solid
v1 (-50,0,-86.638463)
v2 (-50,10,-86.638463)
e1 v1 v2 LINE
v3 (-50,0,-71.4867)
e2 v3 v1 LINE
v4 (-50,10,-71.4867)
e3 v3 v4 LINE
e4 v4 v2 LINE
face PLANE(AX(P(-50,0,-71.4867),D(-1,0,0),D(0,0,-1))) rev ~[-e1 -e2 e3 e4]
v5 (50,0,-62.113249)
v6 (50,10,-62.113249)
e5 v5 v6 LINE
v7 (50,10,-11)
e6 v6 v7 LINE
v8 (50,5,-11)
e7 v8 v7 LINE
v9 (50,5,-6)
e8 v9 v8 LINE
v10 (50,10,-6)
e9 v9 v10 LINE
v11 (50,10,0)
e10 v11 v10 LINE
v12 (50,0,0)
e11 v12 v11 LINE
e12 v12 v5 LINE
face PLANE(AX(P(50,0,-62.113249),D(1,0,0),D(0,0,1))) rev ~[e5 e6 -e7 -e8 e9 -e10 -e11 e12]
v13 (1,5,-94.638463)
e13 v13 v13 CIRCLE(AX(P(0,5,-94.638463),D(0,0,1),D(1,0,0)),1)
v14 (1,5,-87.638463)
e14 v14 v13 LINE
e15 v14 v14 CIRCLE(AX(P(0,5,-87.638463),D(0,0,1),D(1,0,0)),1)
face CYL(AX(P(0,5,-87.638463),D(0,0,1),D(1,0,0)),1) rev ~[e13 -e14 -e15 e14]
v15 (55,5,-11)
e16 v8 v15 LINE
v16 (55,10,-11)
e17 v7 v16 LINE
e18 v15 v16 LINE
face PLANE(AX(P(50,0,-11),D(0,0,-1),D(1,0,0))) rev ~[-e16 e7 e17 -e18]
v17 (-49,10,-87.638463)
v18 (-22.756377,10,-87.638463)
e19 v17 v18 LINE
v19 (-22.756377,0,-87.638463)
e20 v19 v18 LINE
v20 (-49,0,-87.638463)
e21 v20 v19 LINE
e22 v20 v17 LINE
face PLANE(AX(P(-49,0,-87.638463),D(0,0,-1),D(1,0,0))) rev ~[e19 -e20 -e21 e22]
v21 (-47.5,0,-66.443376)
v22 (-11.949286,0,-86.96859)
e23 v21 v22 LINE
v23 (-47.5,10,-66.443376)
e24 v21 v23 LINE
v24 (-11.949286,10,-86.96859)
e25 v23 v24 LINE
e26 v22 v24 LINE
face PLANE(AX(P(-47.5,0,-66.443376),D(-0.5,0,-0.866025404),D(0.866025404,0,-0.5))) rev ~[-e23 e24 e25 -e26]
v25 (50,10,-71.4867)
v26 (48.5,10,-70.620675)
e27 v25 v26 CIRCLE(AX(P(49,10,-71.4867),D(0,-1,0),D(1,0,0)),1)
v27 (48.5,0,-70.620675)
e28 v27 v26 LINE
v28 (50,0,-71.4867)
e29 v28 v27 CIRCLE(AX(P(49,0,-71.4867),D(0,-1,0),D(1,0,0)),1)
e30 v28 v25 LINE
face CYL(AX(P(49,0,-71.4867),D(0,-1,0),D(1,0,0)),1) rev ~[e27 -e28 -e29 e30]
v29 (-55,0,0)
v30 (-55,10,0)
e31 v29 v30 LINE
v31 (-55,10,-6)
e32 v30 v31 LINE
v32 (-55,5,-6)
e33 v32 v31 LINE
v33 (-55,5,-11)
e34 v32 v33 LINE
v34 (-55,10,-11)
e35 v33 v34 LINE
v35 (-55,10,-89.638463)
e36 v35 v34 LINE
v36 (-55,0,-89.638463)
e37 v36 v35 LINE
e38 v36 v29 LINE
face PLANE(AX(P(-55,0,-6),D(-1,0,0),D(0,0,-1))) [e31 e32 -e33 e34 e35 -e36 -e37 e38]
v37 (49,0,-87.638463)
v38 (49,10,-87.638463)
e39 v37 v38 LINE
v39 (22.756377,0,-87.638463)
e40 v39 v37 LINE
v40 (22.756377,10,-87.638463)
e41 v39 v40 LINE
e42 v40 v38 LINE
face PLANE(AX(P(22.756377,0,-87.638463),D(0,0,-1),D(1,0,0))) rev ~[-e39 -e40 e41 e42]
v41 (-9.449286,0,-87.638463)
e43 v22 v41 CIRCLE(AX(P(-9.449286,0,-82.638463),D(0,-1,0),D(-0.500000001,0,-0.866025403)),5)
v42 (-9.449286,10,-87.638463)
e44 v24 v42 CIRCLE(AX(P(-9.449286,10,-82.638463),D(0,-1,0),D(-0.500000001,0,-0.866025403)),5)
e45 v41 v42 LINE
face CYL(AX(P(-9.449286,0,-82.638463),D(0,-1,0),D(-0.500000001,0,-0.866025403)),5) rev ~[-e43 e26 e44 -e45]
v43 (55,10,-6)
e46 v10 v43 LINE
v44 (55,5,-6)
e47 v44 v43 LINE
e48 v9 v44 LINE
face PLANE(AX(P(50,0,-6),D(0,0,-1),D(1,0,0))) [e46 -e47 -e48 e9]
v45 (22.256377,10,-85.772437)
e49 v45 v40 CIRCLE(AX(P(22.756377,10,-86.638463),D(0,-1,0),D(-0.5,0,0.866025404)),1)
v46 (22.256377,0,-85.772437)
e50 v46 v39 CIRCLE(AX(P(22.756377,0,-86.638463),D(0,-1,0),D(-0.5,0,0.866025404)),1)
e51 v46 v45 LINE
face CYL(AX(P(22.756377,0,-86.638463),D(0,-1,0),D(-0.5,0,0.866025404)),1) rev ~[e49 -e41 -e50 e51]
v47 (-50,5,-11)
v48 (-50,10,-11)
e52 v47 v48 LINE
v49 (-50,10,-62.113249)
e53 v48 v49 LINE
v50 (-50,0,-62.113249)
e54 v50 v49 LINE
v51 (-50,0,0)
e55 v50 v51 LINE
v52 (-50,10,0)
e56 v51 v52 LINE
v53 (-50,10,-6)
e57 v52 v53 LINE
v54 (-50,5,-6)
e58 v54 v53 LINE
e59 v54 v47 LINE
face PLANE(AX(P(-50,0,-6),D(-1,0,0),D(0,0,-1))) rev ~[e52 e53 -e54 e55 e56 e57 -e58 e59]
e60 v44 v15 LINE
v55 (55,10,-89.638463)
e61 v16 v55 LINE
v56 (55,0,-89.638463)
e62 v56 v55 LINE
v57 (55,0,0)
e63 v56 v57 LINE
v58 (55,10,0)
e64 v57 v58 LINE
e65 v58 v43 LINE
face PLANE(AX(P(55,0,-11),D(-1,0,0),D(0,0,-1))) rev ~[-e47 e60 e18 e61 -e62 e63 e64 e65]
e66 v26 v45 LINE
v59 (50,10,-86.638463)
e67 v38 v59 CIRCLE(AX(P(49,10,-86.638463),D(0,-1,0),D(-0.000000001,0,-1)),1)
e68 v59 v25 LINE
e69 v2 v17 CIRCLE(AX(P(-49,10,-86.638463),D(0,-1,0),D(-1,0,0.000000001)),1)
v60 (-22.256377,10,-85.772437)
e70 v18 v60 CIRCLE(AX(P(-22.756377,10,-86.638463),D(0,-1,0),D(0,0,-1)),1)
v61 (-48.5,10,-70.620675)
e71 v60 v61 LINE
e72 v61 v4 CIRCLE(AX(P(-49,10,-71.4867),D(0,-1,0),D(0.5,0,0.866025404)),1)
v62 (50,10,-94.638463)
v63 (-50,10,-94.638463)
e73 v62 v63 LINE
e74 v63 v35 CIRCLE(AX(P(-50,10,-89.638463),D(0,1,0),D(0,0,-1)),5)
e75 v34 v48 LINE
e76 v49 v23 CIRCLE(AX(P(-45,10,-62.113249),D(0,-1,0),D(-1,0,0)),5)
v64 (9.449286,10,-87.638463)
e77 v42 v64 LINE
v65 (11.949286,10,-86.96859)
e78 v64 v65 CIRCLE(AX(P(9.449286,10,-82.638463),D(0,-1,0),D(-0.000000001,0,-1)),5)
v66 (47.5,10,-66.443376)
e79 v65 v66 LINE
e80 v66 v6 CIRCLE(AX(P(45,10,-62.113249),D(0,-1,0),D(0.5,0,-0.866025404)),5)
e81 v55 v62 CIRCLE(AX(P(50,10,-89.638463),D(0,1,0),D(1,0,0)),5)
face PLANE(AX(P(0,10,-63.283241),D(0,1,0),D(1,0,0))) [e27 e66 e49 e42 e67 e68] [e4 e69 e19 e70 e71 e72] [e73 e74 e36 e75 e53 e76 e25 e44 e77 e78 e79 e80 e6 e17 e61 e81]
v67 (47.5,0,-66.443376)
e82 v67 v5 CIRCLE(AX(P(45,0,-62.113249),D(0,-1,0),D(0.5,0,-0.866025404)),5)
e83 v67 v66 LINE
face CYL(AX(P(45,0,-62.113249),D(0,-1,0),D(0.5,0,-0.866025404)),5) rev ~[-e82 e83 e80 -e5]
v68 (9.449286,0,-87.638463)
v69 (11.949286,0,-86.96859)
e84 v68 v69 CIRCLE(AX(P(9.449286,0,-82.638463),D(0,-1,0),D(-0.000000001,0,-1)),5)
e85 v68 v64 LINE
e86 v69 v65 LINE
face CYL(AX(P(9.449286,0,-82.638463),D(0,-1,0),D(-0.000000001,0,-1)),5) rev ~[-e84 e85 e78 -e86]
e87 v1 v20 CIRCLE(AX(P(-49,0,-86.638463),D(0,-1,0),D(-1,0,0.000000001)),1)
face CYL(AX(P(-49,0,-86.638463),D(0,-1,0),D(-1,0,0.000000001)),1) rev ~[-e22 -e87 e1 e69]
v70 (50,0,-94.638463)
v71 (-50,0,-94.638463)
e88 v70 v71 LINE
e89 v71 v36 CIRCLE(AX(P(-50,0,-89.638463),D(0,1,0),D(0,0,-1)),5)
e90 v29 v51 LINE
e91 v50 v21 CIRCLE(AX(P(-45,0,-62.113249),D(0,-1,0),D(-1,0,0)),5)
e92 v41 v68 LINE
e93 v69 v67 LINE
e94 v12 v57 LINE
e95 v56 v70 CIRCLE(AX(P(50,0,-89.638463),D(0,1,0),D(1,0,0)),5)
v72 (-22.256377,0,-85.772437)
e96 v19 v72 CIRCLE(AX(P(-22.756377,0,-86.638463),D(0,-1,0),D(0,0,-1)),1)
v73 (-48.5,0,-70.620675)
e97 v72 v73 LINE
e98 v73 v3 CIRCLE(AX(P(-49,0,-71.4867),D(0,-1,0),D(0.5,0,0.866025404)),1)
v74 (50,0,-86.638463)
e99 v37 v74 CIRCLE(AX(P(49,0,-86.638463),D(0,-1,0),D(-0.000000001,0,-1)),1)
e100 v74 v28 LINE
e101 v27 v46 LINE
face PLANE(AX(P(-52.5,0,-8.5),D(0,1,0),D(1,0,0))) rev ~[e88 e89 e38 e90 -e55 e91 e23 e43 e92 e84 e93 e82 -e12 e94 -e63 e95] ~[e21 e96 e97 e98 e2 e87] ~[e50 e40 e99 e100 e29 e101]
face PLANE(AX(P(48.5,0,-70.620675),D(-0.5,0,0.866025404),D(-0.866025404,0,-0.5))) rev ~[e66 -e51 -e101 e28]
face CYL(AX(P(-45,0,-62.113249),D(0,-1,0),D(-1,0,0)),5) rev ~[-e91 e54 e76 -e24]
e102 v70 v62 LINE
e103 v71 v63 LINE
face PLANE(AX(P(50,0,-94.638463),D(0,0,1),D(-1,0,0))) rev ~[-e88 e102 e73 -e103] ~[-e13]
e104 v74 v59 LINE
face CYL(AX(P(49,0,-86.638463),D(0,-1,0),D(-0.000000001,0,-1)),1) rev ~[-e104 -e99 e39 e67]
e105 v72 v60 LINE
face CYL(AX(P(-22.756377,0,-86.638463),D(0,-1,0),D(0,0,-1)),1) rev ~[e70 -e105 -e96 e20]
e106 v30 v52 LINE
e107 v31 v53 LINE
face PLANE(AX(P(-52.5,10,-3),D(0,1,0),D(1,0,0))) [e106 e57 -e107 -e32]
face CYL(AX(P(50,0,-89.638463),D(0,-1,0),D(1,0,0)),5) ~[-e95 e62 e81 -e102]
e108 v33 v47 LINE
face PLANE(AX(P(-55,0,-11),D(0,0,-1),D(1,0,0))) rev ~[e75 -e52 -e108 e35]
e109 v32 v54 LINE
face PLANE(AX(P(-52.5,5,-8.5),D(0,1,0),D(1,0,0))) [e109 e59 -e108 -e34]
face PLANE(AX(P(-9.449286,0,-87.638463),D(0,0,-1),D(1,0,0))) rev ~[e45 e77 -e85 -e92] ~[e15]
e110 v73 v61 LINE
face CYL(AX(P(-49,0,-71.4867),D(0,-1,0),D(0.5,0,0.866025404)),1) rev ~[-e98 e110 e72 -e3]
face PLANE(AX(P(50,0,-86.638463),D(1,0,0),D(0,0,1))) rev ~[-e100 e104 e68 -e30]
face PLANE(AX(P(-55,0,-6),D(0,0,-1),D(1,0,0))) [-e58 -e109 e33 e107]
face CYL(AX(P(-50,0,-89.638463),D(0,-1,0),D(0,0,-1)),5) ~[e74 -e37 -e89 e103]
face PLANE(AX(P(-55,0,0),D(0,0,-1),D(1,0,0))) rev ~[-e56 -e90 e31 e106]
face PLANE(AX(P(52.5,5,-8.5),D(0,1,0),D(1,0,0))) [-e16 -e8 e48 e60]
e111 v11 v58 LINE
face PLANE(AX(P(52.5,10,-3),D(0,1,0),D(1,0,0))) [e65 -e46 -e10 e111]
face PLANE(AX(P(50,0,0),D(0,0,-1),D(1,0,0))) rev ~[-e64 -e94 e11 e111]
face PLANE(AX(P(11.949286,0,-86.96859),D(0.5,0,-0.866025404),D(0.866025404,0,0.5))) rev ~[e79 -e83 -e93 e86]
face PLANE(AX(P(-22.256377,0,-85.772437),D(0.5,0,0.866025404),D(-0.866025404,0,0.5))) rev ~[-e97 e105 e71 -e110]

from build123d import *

# Parameters (mm, degrees)
DODANIE_WYCI_GNI_CIE1_DEPTH   = 10
SZKIC1_W                      = 5
SZKIC1_H                      = 6
DODANIE_WYCI_GNI_CIE1_2_DEPTH = 10
DODANIE_WYCI_GNI_CIE1_3_DEPTH = 10
SZKIC1_3_W                    = 5
SZKIC1_3_H                    = 5
DODANIE_WYCI_GNI_CIE2_DEPTH   = 5
SZKIC2_R                      = 1
WYTNIJ_WYCI_GNI_CIE1_DEPTH    = 104.949507791


with BuildPart() as part:
    # Szkic1 → Dodanie-wyci_gni_cie1 (new body)
    with BuildSketch(Plane(origin=(0, 0, 0), x_dir=(1, 0, 0), z_dir=(0, 1, 0))):
        with BuildLine():
            Line((-9.449286184, 87.638462845), (9.449286184, 87.638462845))
            ThreePointArc((9.449286184, 87.638462845), (10.74338141, 87.468091977), (11.949286184, 86.968589864))
            Line((11.949286184, 86.968589864), (47.5, 66.443375673))
            ThreePointArc((47.5, 66.443375673), (49.330127019, 64.613248654), (50, 62.113248654))
            Line((50, 62.113248654), (50, 11))
            Line((50, 11), (55, 11))
            Line((55, 11), (55, 89.638462845))
            ThreePointArc((55, 89.638462845), (53.535533906, 93.173996751), (50, 94.638462845))
            Line((50, 94.638462845), (-50, 94.638462845))
            ThreePointArc((-50, 94.638462845), (-53.535533906, 93.173996751), (-55, 89.638462845))
            Line((-55, 89.638462845), (-55, 11))
            Line((-55, 11), (-50, 11))
            Line((-50, 11), (-50, 62.113248654))
            ThreePointArc((-50, 62.113248654), (-49.330127019, 64.613248654), (-47.5, 66.443375673))
            Line((-47.5, 66.443375673), (-11.949286184, 86.968589864))
            ThreePointArc((-11.949286184, 86.968589864), (-10.74338141, 87.468091977), (-9.449286184, 87.638462845))
        make_face()
        with BuildLine():
            ThreePointArc((-48.5, 70.620674679), (-49.5, 70.620674679), (-50, 71.486700083))
            Line((-50, 71.486700083), (-50, 86.638462845))
            ThreePointArc((-50, 86.638462845), (-49.707106781, 87.345569627), (-49, 87.638462845))
            Line((-49, 87.638462845), (-22.756377072, 87.638462845))
            ThreePointArc((-22.756377072, 87.638462845), (-21.790451246, 86.89728189), (-22.256377072, 85.772437442))
            Line((-22.256377072, 85.772437442), (-48.5, 70.620674679))
        make_face(mode=Mode.SUBTRACT)
        with BuildLine():
            Line((48.5, 70.620674679), (22.256377072, 85.772437442))
            ThreePointArc((22.256377072, 85.772437442), (21.790451246, 86.89728189), (22.756377072, 87.638462845))
            Line((22.756377072, 87.638462845), (49, 87.638462845))
            ThreePointArc((49, 87.638462845), (49.707106781, 87.345569627), (50, 86.638462845))
            Line((50, 86.638462845), (50, 71.486700083))
            ThreePointArc((50, 71.486700083), (49.5, 70.620674679), (48.5, 70.620674679))
        make_face(mode=Mode.SUBTRACT)
    extrude(amount=DODANIE_WYCI_GNI_CIE1_DEPTH)



with BuildPart() as body_2:
    # Szkic1 → Dodanie-wyci_gni_cie1 2 (new body)
    with BuildSketch(Plane(origin=(0, 0, 0), x_dir=(1, 0, 0), z_dir=(0, 1, 0))):
        with Locations((52.5, 3)):
            Rectangle(SZKIC1_W, SZKIC1_H)
    extrude(amount=DODANIE_WYCI_GNI_CIE1_2_DEPTH)


with BuildPart() as body_3:
    # Szkic1 → Dodanie-wyci_gni_cie1 3 (new body)
    with BuildSketch(Plane(origin=(0, 0, 0), x_dir=(1, 0, 0), z_dir=(0, 1, 0))):
        with Locations((-52.5, 3)):
            Rectangle(SZKIC1_W, SZKIC1_H)
    extrude(amount=DODANIE_WYCI_GNI_CIE1_3_DEPTH)


with BuildPart() as part_1:
    add(part.part)

    add(body_2.part)  # Dodanie-wyci_gni_cie2 merges body 2

    add(body_3.part)  # Dodanie-wyci_gni_cie2 merges body 3
    # Szkic1_3 → Dodanie-wyci_gni_cie2 (add)
    with BuildSketch(Plane(origin=(0, 0, 0), x_dir=(1, 0, 0), z_dir=(0, 1, 0))):
        with Locations((-52.5, 8.5)):
            Rectangle(SZKIC1_3_W, SZKIC1_3_H)
        with Locations((52.5, 8.5)):
            Rectangle(SZKIC1_3_W, SZKIC1_3_H)
    extrude(amount=DODANIE_WYCI_GNI_CIE2_DEPTH)

    # Szkic2 → Wytnij-wyci_gni_cie1 (cut, through all)
    with BuildSketch(Plane.XY.offset(-87.638462845)):
        with Locations((0, 5)):
            Circle(SZKIC2_R)
    extrude(amount=-WYTNIJ_WYCI_GNI_CIE1_DEPTH, mode=Mode.SUBTRACT)


solid = part_1.part
